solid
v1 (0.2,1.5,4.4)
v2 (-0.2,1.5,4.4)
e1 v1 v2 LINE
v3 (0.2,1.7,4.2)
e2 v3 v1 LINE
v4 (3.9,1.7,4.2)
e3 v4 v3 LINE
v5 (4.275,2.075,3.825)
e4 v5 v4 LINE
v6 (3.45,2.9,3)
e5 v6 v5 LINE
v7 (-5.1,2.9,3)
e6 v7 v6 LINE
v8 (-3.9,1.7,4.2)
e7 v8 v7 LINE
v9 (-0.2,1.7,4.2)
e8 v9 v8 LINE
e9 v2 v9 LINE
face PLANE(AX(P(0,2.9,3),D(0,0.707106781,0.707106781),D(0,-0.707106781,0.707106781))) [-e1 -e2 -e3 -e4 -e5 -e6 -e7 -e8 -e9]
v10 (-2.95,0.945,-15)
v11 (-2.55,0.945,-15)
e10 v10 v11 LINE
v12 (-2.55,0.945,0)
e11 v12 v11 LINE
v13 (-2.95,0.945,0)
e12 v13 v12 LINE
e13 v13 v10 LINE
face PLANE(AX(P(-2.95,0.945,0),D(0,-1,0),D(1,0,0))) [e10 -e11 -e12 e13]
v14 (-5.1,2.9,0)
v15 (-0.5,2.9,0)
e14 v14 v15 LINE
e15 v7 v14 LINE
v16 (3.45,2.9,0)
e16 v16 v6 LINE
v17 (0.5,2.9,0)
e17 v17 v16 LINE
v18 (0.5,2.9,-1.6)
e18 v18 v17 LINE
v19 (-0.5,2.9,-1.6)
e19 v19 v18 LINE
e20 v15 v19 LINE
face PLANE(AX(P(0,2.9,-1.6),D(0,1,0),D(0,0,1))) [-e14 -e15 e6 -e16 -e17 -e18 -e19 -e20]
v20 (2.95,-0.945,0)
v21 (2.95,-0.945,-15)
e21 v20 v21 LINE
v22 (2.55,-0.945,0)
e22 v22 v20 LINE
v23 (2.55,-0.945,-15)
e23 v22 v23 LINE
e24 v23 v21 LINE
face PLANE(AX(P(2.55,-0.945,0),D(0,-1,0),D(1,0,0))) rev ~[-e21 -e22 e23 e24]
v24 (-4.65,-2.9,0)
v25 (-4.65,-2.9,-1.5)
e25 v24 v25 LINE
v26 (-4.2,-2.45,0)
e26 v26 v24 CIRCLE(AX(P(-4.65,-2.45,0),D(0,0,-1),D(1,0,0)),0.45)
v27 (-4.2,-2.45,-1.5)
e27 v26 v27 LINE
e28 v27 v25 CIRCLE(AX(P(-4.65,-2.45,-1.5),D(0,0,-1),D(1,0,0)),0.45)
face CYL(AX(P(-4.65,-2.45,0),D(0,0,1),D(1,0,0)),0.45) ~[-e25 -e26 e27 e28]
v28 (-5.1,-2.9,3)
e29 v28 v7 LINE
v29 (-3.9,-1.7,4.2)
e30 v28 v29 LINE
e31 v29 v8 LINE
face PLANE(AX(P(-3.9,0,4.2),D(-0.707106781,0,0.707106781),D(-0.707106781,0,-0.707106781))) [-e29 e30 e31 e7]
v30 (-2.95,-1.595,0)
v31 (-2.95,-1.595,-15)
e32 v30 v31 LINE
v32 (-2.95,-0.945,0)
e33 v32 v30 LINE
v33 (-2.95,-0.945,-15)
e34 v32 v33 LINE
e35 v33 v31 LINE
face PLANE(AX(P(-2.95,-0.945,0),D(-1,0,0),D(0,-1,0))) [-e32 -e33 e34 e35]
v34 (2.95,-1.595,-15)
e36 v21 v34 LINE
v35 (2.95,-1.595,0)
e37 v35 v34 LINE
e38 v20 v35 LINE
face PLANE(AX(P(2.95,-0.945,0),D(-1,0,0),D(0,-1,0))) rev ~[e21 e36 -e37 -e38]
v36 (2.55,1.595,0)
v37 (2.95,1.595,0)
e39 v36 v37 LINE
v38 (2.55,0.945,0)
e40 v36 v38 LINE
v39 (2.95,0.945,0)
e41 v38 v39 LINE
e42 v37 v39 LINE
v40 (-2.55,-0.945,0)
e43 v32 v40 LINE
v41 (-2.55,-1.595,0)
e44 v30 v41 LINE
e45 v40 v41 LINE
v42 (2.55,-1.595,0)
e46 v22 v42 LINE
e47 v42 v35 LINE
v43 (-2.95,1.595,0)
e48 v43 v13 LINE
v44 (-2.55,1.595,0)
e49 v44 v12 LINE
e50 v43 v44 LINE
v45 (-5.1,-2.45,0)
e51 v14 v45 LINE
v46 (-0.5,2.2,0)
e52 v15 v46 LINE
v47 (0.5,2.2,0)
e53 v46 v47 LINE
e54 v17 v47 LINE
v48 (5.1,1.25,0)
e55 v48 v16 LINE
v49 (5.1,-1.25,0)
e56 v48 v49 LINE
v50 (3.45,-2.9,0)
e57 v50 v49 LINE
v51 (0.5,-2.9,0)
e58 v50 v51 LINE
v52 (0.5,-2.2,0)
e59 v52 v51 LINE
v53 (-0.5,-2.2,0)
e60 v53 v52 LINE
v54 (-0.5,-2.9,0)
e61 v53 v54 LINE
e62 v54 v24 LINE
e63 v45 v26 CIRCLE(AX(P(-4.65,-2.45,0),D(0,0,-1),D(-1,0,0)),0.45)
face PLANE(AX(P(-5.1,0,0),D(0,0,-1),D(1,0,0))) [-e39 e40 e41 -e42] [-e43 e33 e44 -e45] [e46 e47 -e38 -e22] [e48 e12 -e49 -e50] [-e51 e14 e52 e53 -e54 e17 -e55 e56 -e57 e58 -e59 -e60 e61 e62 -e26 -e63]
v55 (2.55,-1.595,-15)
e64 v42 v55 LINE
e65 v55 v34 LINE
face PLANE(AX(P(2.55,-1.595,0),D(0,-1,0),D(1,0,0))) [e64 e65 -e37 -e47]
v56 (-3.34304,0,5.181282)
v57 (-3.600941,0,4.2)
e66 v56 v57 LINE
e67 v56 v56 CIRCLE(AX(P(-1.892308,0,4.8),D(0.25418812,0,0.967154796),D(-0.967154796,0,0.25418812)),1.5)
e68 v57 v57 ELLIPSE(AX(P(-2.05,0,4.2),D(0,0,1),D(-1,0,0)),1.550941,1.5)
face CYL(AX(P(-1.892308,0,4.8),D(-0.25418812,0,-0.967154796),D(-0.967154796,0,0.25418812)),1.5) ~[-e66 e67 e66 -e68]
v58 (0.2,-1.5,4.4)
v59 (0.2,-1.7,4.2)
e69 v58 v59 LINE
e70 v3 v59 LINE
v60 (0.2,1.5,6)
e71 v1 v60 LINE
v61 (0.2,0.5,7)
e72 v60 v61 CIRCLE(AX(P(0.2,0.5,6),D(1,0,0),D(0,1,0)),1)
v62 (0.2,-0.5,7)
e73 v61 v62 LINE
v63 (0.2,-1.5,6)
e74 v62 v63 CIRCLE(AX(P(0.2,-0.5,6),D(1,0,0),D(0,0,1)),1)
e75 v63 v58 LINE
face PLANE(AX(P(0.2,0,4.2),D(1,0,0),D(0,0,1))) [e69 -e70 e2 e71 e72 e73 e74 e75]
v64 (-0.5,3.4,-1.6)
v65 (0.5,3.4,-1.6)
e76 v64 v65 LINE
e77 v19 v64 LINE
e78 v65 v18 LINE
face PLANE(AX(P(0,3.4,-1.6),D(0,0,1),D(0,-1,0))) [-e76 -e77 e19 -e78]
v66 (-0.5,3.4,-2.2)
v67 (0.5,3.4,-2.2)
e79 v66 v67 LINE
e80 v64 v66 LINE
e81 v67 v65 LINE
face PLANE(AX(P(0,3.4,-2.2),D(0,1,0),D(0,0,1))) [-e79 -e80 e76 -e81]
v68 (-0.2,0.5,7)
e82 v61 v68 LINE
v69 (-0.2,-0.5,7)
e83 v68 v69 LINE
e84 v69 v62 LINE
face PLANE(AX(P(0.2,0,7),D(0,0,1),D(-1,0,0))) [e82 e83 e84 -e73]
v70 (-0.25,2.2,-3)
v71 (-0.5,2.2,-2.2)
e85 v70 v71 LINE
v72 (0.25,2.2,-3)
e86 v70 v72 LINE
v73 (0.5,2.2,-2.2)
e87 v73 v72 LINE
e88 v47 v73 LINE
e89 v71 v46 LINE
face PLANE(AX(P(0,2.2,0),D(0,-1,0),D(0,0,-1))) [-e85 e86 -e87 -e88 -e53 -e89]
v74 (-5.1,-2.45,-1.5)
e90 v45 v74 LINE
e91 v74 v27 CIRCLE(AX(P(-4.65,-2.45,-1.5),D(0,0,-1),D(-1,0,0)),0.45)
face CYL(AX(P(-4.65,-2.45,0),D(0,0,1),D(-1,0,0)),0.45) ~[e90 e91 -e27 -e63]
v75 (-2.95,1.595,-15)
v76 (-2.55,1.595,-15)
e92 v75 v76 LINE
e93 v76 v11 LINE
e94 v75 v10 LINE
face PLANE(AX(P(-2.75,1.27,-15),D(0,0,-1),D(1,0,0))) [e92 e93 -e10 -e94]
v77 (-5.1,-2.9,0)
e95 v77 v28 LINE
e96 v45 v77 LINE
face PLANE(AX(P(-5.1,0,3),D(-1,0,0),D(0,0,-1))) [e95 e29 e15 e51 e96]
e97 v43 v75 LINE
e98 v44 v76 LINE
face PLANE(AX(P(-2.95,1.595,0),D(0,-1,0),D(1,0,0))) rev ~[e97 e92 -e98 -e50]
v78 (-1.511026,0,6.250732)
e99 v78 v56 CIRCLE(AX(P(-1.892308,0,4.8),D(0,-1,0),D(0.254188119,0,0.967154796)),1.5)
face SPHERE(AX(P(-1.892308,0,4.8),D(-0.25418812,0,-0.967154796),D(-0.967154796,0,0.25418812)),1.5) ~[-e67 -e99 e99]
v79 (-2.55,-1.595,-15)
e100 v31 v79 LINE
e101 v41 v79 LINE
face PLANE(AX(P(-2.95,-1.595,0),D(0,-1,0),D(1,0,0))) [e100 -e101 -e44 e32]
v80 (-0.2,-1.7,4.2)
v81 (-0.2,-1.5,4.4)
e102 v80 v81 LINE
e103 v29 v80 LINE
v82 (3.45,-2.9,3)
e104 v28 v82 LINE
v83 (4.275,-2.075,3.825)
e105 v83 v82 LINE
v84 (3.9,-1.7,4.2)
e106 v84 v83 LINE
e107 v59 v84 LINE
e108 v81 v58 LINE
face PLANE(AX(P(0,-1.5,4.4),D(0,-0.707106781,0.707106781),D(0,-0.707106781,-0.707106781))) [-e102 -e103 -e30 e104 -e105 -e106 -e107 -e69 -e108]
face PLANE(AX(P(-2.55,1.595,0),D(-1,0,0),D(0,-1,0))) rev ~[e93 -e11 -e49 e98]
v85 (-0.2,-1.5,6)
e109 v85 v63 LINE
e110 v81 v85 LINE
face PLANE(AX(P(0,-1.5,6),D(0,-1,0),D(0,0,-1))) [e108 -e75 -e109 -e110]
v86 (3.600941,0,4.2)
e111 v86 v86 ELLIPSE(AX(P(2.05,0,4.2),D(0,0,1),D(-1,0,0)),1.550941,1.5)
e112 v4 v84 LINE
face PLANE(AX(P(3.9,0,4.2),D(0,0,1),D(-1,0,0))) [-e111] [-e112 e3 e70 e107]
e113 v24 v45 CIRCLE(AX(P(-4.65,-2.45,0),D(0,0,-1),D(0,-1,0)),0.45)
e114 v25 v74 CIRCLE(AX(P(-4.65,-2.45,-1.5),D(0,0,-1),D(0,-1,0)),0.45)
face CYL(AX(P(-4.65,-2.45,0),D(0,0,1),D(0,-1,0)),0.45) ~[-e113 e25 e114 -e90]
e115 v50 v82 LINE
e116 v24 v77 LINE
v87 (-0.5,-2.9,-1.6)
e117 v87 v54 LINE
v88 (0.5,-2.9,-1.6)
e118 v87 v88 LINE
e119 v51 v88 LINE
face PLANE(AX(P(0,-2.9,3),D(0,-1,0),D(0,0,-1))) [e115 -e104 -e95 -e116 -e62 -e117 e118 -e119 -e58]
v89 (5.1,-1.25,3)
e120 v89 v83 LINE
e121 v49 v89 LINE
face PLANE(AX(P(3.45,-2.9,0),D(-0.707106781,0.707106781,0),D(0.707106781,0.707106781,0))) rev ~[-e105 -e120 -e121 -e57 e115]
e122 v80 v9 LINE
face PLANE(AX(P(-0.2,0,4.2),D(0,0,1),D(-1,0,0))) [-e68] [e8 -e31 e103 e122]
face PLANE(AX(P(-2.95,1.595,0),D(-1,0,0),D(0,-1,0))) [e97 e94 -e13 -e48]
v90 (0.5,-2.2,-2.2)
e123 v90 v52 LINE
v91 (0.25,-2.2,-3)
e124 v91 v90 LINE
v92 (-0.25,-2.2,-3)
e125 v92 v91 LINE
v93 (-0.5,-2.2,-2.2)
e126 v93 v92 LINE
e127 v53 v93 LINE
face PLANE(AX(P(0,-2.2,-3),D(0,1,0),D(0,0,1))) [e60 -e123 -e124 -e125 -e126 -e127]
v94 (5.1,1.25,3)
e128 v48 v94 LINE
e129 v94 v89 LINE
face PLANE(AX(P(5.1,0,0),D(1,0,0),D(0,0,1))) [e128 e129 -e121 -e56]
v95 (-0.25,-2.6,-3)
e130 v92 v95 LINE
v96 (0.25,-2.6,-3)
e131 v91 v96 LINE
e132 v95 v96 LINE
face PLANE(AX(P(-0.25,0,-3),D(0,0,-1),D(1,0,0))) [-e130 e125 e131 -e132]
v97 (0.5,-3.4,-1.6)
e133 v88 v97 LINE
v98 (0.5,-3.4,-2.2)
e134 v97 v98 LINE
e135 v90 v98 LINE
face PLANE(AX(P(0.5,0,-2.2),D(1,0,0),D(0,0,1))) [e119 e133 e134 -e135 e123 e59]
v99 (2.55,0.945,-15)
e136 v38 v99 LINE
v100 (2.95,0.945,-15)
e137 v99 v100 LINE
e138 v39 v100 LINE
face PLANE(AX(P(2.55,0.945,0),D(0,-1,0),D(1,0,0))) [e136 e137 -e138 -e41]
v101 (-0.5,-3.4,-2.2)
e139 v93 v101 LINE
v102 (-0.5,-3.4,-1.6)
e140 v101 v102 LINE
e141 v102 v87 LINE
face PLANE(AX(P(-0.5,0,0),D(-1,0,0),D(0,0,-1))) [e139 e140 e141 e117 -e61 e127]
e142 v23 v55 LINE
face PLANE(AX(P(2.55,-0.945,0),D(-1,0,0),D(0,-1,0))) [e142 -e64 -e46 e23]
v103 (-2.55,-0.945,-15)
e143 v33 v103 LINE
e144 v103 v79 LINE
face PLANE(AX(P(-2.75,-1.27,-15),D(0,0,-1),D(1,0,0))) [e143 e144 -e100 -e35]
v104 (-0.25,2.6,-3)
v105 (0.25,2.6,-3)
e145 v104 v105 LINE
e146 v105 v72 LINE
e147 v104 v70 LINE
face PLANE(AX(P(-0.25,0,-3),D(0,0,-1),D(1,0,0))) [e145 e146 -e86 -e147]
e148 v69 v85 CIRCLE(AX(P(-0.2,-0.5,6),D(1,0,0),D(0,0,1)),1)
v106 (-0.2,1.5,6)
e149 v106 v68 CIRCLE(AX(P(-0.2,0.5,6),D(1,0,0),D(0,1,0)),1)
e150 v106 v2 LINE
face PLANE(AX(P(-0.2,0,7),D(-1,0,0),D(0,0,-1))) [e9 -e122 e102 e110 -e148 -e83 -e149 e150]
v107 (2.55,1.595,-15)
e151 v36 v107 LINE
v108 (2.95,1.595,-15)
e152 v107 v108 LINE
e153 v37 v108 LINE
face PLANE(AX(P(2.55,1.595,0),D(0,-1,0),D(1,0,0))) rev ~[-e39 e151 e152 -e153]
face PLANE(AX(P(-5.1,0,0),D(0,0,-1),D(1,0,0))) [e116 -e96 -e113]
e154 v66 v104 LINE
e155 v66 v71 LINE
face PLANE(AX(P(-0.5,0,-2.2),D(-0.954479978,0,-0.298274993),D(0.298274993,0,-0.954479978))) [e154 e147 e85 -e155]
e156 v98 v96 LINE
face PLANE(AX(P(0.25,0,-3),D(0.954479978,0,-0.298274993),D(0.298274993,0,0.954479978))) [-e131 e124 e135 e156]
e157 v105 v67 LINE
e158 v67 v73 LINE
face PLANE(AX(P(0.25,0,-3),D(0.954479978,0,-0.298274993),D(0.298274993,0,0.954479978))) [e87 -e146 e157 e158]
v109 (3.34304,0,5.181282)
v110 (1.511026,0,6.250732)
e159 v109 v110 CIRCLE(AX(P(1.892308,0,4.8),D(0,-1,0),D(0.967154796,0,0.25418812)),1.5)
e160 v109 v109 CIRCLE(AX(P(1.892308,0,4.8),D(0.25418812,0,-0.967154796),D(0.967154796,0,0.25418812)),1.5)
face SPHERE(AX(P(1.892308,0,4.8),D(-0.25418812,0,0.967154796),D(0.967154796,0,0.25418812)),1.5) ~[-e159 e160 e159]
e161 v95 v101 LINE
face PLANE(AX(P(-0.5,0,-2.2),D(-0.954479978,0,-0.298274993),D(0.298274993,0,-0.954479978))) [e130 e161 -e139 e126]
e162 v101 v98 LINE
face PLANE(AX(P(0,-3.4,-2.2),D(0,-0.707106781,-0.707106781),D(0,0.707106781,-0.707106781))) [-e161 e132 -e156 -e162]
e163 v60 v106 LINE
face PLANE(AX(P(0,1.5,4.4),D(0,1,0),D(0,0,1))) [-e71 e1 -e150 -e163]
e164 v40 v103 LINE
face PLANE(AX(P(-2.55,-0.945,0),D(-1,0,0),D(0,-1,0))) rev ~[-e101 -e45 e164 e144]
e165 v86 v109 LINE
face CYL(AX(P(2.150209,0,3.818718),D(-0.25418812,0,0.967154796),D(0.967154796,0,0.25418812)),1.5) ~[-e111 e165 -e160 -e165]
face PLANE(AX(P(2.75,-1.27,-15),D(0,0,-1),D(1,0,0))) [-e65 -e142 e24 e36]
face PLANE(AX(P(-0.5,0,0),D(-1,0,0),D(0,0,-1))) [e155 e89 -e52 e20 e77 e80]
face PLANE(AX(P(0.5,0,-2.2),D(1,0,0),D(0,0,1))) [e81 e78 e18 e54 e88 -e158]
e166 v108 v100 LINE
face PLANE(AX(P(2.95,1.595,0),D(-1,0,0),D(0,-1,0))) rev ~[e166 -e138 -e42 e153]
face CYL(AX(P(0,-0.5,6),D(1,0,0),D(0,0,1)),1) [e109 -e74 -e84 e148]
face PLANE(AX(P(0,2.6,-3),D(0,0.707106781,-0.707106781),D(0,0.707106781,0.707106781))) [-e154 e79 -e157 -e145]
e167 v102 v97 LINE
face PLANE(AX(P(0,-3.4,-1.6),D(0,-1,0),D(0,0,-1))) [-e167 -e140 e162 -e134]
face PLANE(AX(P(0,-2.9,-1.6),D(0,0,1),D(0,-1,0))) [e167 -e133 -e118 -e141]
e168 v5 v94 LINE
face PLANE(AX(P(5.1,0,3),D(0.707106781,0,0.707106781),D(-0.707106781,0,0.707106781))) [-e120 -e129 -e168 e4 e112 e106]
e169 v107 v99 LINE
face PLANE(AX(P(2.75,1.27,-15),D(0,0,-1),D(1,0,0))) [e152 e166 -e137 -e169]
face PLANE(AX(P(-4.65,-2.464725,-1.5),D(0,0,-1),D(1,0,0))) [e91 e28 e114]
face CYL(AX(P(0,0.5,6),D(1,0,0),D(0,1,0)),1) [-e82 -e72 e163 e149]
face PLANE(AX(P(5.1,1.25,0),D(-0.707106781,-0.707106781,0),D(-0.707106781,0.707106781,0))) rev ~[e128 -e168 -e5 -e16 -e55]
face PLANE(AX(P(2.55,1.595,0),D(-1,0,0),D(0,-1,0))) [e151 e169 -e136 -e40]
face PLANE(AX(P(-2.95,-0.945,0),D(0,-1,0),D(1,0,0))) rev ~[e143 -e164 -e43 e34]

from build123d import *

# Parameters (mm, degrees)
F1_DEPTH = 5
F3_DEPTH = 12.5
F5_DEPTH = 1.5
F4_W     = 0.4
F4_H     = 0.65
F6_DEPTH = 15
F7_DEPTH = 7.001


with BuildPart() as f1:
    # F0 (on Front) → F1 (new body, symmetric)
    with BuildSketch(Plane.XZ):
        Polygon((-5.1, 3), (-5.1, 0), (-0.5, 0), (-0.5, -2.2), (-0.25, -3), (0.25, -3), (0.5, -2.2), (0.5, 0), (5.1, 0), (5.1, 3), (3.9, 4.2), (3.6009409723, 4.2), (2.05, 4.2), (0.4990590277, 4.2), (0.2, 4.2), (0.2, 7), (-0.2, 7), (-0.2, 4.2), (-0.4990590277, 4.2), (-2.05, 4.2), (-3.6009409723, 4.2), (-3.9, 4.2), align=None)
    extrude(amount=F1_DEPTH, both=True)

    # F2 (on Right) → F3 (intersect, symmetric)
    with BuildSketch(Plane.YZ):
        with BuildLine():
            Line((0.5, 7), (-0.5, 7))
            ThreePointArc((-0.5, 7), (-1.2071067812, 6.7071067812), (-1.5, 6))
            Line((-1.5, 6), (-1.5, 4.4))
            Line((-1.5, 4.4), (-2.9, 3))
            Line((-2.9, 3), (-2.9, -1.6))
            Line((-2.9, -1.6), (-3.4, -1.6))
            Line((-3.4, -1.6), (-3.4, -2.2))
            Line((-3.4, -2.2), (-2.6, -3))
            Line((-2.6, -3), (-2.2, -3))
            Line((-2.2, -3), (-2.2, 0))
            Line((-2.2, 0), (2.2, 0))
            Line((2.2, 0), (2.2, -3))
            Line((2.2, -3), (2.6, -3))
            Line((2.6, -3), (3.4, -2.2))
            Line((3.4, -2.2), (3.4, -1.6))
            Line((3.4, -1.6), (2.9, -1.6))
            Line((2.9, -1.6), (2.9, 3))
            Line((2.9, 3), (1.5, 4.4))
            Line((1.5, 4.4), (1.5, 6))
            ThreePointArc((1.5, 6), (1.2071067812, 6.7071067812), (0.5, 7))
        make_face()
    extrude(amount=F3_DEPTH, both=True, mode=Mode.INTERSECT)

    # F4 (on face) → F5 (join)
    with BuildSketch(Plane(origin=(0, 0, 0), x_dir=(1, 0, 0), z_dir=(0, 0, -1))):
        with BuildLine():
            ThreePointArc((-5.1, 2.45), (-4.65, 2), (-4.2, 2.45))
            ThreePointArc((-4.2, 2.45), (-4.3318019485, 2.7681980515), (-4.65, 2.9))
            ThreePointArc((-4.65, 2.9), (-4.9681980515, 2.7681980515), (-5.1, 2.45))
        make_face()
    extrude(amount=F5_DEPTH)

    # F4 (on face) → F6 (join)
    with BuildSketch(Plane(origin=(0, 0, 0), x_dir=(1, 0, 0), z_dir=(0, 0, -1))):
        with Locations((-2.75, 1.27)):
            Rectangle(F4_W, F4_H)
        with Locations((-2.75, -1.27)):
            Rectangle(F4_W, F4_H)
        with Locations((2.75, -1.27)):
            Rectangle(F4_W, F4_H)
        with Locations((2.75, 1.27)):
            Rectangle(F4_W, F4_H)
    extrude(amount=F6_DEPTH)

    # F4 (on face) → F7 (cut, through all)
    with BuildSketch(Plane(origin=(0, 0, 0), x_dir=(1, 0, 0), z_dir=(0, 0, -1))):
        Polygon((5.1, 2.9), (3.45, 2.9), (5.1, 1.25), align=None)
        Polygon((5.1, -1.25), (3.45, -2.9), (5.1, -2.9), align=None)
    extrude(amount=-F7_DEPTH, mode=Mode.SUBTRACT)

    # F0 (on Front) → F8 (revolve)
    with BuildSketch(Plane.XZ):
        with BuildLine():
            Line((-3.3430398867, 5.1812821793), (-3.6009409723, 4.2))
            Line((-3.6009409723, 4.2), (-2.05, 4.2))
            Line((-2.05, 4.2), (-1.511025513, 6.2507321944))
            ThreePointArc((-1.511025513, 6.2507321944), (-2.6485230501, 6.0954297868), (-3.3430398867, 5.1812821793))
        make_face()
    revolve(axis=Axis((-1.025, 0, 8.1), (0.2541881195, 0, 0.9671547962)))

    # F0 (on Front) → F9 (revolve)
    with BuildSketch(Plane.XZ):
        with BuildLine():
            Line((2.05, 4.2), (3.6009409723, 4.2))
            Line((3.6009409723, 4.2), (3.3430398867, 5.1812821793))
            ThreePointArc((3.3430398867, 5.1812821793), (2.6485230501, 6.0954297868), (1.511025513, 6.2507321944))
            Line((1.511025513, 6.2507321944), (2.05, 4.2))
        make_face()
    revolve(axis=Axis((1.7805127565, 0, 5.2253660972), (0.2541881195, 0, -0.9671547962)))


solid = f1.part
